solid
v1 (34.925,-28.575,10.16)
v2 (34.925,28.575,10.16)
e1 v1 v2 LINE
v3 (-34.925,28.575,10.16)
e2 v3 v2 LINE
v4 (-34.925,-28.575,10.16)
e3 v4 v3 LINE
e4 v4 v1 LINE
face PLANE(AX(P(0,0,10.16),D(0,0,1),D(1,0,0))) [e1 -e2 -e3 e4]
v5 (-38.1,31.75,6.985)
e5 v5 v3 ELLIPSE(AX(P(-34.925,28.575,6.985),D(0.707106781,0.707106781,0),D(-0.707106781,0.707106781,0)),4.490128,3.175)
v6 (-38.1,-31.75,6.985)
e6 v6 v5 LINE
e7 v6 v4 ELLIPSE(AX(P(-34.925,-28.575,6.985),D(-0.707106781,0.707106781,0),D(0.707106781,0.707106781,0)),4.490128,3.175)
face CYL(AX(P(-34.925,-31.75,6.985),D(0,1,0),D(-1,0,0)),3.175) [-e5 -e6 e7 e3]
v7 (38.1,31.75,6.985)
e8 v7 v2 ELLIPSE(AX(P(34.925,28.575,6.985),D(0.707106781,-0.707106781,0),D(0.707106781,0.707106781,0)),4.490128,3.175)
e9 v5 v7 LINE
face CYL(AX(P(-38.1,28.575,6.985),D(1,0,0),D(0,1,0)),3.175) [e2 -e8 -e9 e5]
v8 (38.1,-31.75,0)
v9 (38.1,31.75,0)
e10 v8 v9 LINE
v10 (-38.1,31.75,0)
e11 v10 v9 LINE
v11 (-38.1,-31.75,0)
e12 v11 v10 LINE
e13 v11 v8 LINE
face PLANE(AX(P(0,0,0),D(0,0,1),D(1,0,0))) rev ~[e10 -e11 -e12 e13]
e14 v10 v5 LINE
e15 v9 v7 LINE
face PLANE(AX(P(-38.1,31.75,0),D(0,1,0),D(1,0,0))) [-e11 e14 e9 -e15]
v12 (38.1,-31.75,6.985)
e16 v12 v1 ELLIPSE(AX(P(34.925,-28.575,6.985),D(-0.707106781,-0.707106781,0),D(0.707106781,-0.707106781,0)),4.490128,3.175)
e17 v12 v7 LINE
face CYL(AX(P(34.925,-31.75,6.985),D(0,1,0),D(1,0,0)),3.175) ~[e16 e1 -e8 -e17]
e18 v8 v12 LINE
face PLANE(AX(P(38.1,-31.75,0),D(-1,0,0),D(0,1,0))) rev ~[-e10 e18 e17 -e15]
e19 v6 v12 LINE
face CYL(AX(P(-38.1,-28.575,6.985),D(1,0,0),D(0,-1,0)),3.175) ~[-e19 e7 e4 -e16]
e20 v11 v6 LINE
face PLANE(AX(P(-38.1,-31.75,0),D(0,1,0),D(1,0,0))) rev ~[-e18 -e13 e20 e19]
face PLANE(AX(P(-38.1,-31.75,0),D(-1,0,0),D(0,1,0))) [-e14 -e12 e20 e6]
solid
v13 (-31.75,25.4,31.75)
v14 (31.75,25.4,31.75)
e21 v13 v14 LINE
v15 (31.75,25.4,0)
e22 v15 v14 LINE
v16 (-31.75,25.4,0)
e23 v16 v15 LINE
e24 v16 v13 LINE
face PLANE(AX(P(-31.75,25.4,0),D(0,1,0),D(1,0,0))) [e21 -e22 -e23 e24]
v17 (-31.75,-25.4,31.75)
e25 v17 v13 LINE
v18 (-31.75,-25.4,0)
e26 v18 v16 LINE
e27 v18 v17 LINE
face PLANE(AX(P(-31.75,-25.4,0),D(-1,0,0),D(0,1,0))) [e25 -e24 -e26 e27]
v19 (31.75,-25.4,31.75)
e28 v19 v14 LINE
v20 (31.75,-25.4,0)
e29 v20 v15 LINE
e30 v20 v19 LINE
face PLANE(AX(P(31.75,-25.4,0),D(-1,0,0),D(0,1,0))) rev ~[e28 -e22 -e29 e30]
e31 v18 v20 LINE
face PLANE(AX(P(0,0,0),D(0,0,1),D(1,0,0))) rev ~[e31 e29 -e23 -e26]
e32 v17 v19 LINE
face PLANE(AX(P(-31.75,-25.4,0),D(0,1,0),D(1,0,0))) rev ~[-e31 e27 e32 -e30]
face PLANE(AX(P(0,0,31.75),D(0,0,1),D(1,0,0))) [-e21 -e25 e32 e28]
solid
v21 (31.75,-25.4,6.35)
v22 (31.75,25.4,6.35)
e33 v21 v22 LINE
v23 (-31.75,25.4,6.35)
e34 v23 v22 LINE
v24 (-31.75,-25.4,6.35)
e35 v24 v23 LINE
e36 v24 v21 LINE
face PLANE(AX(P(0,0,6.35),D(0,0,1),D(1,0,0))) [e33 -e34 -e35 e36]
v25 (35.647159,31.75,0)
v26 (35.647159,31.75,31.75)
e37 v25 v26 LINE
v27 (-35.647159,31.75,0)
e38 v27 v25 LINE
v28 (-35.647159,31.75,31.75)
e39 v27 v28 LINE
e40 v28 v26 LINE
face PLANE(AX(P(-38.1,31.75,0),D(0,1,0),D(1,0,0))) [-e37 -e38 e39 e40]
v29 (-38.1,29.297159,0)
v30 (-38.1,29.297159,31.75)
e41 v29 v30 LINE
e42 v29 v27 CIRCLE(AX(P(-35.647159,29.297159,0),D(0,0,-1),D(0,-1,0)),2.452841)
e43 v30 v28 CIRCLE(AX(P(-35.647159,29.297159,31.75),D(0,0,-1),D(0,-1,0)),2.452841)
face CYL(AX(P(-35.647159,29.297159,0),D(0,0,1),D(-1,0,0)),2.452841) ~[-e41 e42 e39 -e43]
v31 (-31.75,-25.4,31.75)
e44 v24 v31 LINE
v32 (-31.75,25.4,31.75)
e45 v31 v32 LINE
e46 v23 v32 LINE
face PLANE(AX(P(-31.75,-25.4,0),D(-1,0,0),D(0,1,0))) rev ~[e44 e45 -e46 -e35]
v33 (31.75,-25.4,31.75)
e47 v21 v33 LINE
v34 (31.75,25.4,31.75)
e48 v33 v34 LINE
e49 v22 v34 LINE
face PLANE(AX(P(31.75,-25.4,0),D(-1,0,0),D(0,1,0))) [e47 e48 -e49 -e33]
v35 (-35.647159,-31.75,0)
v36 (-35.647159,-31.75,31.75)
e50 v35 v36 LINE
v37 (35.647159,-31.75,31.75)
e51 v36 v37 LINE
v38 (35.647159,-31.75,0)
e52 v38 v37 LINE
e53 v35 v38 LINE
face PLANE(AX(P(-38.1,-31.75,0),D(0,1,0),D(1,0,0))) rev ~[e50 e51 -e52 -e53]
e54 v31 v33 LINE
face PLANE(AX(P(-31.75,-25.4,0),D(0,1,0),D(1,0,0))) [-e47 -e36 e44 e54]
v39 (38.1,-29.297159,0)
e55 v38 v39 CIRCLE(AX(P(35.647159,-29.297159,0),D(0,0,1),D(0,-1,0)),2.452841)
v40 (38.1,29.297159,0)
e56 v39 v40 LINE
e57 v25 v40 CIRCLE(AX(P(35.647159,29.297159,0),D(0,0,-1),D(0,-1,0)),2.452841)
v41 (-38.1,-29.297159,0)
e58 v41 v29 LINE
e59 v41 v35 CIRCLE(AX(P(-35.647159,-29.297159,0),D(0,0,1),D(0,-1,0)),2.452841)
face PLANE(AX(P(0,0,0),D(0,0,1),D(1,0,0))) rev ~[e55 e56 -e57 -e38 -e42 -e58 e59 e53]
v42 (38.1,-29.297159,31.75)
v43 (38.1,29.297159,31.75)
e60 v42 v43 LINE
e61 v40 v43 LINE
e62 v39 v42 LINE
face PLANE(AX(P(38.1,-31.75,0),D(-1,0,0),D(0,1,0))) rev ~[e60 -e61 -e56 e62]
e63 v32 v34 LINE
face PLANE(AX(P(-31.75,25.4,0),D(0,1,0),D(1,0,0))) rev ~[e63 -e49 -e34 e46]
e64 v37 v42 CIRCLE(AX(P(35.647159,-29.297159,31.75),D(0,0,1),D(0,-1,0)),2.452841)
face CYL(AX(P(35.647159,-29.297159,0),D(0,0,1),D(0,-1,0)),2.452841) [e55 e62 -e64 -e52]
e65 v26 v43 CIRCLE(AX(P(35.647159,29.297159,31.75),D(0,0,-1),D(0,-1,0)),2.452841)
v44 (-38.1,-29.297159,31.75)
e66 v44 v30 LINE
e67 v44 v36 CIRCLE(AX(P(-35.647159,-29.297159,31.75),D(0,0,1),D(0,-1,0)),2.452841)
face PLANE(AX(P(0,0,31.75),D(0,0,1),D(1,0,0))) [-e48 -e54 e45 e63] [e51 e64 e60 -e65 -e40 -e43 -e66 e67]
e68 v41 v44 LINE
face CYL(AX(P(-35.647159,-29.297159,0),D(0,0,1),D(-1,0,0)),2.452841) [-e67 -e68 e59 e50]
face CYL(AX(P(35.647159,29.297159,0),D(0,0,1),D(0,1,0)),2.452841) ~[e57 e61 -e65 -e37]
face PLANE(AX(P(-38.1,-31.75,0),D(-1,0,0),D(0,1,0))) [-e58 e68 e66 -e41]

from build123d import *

# Parameters (mm, degrees)
F0_W     = 76.2
F0_H     = 63.5
F0_W_2   = 63.5
F0_H_2   = 50.8
F1_DEPTH = 31.75
F2_DEPTH = 6.35
F3_R     = 2.452841
F4_DEPTH = 10.16
F5_R     = 3.175
F6_DEPTH = 31.75


with BuildPart() as f1:
    # F0 (on Top) → F1 (new body)
    with BuildSketch(Plane.XY):
        Rectangle(F0_W, F0_H)
        Rectangle(F0_W_2, F0_H_2, mode=Mode.SUBTRACT)
    extrude(amount=F1_DEPTH)

    # F0 (on Top) → F2 (join)
    with BuildSketch(Plane.XY):
        Rectangle(F0_W_2, F0_H_2)
    extrude(amount=F2_DEPTH)

    # F3
    f3_edges = [f1.edges().sort_by_distance(p)[0] for p in [
        (-38.1, 31.75, 15.875),
        (38.1, 31.75, 15.875),
        (38.1, -31.75, 15.875),
        (-38.1, -31.75, 15.875),
    ]]
    fillet(f3_edges, radius=F3_R)


with BuildPart() as f4:
    # F0 (on Top) → F4 (new body)
    with BuildSketch(Plane.XY):
        Rectangle(F0_W, F0_H)
        Rectangle(F0_W_2, F0_H_2, mode=Mode.SUBTRACT)
        Rectangle(F0_W_2, F0_H_2)
    extrude(amount=F4_DEPTH)

    # F5
    f5_edges = [f4.edges().sort_by_distance(p)[0] for p in [
        (0, -31.75, 10.16),
        (-38.1, 0, 10.16),
        (38.1, 0, 10.16),
        (0, 31.75, 10.16),
    ]]
    fillet(f5_edges, radius=F5_R)


with BuildPart() as f6:
    # F0 (on Top) → F6 (new body)
    with BuildSketch(Plane.XY):
        Rectangle(F0_W_2, F0_H_2)
    extrude(amount=F6_DEPTH)


solid = Compound([f1.part, f4.part, f6.part])
